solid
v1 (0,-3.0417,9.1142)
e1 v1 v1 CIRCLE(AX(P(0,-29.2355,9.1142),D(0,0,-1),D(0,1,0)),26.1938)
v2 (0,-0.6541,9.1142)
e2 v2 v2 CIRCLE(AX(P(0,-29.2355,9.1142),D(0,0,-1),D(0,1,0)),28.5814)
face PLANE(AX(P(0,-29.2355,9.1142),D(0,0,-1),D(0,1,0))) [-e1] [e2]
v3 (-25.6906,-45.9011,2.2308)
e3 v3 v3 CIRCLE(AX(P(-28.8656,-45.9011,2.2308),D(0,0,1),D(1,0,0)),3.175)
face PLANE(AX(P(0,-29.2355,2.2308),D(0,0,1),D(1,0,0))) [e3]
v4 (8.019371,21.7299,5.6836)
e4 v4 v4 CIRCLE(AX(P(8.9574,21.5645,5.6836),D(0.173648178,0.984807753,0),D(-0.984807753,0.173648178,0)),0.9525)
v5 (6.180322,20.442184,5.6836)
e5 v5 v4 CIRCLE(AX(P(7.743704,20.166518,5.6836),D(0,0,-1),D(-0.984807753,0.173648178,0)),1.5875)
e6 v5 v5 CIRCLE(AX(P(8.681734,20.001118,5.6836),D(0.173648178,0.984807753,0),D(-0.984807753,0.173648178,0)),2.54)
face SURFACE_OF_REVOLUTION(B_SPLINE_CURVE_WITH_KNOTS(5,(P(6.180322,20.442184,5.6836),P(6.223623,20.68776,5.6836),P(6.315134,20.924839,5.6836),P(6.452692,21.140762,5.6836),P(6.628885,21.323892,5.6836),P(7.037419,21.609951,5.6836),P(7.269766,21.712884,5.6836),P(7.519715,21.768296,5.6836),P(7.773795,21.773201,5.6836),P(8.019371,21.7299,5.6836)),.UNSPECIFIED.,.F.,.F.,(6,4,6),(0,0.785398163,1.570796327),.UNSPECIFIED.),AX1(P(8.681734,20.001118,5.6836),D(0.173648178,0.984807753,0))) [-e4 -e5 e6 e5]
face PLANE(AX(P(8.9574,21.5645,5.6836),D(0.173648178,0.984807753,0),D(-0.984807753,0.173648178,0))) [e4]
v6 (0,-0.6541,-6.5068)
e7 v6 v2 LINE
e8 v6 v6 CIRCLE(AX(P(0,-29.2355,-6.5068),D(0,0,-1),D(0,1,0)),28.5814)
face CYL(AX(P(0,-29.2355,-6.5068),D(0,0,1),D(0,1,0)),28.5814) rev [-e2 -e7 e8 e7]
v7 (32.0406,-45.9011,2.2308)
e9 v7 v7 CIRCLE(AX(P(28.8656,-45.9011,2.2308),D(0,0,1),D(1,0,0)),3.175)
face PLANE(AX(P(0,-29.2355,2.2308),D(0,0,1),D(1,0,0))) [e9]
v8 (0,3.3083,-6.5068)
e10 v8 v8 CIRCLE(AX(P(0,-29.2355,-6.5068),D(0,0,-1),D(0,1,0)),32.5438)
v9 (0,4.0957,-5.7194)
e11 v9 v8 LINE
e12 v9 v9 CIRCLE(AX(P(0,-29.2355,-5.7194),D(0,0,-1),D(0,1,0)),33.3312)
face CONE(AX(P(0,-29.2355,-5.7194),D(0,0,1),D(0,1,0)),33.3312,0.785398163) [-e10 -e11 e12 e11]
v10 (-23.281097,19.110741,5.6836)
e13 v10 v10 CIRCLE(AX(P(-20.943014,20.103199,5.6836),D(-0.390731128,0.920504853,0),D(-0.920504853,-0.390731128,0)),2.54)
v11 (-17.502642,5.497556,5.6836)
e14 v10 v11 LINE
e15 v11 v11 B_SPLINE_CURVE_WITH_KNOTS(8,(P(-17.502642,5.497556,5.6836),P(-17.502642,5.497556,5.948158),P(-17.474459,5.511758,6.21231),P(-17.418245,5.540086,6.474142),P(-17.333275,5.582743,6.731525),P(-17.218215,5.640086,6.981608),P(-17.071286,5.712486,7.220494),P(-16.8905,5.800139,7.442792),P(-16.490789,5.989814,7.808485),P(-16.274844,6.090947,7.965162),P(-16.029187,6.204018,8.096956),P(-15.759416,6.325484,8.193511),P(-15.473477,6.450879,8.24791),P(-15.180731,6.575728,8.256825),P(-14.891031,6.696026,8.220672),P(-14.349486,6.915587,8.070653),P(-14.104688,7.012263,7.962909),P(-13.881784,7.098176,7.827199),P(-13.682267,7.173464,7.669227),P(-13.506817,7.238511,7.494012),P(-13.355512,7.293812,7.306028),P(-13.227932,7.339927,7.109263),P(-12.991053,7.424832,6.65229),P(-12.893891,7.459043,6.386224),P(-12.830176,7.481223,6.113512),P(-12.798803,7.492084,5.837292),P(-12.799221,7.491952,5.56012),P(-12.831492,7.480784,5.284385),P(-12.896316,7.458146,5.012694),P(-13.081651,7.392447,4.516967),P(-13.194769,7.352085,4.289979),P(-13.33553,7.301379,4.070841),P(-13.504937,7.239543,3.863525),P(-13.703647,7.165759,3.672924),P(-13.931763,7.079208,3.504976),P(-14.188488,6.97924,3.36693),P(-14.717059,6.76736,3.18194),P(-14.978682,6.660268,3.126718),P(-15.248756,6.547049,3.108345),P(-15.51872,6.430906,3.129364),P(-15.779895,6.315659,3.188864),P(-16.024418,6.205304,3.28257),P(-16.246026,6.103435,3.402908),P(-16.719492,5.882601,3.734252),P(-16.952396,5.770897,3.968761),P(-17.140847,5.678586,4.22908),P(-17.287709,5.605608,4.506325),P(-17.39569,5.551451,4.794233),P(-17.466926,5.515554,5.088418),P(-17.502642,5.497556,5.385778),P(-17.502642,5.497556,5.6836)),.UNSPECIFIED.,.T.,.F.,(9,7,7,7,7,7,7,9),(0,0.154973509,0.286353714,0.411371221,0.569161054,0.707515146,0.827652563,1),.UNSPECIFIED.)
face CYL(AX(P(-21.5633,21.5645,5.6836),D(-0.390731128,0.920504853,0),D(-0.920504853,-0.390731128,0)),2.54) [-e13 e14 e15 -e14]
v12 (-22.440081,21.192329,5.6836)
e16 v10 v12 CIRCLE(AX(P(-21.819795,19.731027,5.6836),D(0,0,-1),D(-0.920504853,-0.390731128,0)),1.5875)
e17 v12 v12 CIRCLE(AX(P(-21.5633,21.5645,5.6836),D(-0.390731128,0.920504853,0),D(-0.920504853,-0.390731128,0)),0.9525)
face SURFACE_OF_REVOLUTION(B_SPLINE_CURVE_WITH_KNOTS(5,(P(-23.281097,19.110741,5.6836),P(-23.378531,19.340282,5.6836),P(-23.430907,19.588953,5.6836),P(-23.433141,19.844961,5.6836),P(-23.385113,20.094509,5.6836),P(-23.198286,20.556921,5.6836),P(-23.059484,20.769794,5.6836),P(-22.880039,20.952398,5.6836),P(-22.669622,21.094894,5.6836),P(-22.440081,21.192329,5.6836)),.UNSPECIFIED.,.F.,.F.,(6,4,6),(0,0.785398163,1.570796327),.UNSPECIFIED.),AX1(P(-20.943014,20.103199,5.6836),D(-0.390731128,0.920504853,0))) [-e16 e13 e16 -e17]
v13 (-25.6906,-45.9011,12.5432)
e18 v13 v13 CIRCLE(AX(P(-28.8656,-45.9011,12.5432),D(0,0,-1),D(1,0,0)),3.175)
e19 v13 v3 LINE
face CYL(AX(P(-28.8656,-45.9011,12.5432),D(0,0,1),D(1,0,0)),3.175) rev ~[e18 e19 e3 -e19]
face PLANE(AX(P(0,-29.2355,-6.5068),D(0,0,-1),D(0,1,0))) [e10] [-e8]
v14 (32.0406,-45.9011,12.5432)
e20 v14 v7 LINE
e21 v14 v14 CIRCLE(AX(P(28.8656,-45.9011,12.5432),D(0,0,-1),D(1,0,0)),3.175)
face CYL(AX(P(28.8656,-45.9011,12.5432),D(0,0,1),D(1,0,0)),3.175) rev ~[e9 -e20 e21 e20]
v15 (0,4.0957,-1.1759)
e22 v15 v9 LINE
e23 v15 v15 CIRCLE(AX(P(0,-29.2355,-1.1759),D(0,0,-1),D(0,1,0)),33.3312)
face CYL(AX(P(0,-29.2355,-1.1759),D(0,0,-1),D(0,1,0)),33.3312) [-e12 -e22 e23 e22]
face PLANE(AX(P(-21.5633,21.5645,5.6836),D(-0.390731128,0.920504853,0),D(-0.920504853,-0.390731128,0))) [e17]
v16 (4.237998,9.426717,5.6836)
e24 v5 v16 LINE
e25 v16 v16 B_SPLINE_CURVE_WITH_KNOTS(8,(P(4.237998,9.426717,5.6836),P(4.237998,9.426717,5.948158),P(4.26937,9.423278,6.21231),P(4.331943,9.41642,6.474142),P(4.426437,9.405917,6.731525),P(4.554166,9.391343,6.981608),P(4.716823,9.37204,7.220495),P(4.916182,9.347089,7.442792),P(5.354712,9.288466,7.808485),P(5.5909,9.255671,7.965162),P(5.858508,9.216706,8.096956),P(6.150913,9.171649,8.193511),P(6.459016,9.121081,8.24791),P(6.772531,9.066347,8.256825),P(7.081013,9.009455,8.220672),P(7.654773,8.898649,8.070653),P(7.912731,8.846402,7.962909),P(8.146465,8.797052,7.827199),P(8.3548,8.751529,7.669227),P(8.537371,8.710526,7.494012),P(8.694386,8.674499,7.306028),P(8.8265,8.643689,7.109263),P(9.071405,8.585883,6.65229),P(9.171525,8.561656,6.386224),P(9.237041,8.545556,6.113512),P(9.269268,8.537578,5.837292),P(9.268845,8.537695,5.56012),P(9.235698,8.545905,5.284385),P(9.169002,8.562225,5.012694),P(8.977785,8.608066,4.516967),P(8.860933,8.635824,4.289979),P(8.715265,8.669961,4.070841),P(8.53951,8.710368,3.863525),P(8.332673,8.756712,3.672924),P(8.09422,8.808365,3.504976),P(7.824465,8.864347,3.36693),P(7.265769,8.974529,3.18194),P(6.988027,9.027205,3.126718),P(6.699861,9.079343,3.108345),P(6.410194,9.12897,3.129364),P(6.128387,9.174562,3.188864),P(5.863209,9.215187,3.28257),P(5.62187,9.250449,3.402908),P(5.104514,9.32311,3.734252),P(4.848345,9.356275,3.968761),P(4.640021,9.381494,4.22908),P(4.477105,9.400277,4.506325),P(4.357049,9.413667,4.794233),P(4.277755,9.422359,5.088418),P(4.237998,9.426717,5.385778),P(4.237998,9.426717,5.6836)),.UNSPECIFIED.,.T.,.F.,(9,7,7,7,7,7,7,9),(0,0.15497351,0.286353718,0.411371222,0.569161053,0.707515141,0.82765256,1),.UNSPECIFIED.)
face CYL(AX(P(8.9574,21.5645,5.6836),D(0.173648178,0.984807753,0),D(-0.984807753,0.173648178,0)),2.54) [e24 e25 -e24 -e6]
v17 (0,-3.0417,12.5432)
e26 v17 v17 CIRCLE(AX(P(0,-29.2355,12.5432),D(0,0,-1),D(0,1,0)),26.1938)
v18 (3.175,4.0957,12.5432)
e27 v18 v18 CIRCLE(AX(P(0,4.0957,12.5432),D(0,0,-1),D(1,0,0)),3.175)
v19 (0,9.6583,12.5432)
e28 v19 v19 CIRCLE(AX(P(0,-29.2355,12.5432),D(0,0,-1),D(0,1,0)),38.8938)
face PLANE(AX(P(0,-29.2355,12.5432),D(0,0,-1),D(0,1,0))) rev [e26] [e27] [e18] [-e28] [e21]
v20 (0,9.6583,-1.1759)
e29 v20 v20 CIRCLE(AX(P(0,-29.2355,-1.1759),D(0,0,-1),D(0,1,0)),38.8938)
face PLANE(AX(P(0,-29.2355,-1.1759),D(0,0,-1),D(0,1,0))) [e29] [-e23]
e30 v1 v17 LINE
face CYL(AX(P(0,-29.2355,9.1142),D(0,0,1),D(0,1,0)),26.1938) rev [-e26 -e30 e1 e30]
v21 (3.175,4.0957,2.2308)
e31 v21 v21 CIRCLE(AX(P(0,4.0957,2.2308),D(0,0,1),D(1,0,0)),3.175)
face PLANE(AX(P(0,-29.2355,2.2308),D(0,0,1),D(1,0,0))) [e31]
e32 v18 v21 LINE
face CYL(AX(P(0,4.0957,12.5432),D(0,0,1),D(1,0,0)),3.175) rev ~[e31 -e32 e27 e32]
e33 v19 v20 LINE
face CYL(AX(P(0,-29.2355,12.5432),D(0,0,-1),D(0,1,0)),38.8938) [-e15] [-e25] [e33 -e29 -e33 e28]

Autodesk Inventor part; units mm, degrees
sketch "Sketch1" plane through (0, 0, 0) normal (1, 0, 0) x (0, 1, 0)
  line L0 (9.6583, 12.5432) -> (9.6583, -1.1759)
  line L1 (9.6583, -1.1759) -> (4.0957, -1.1759)
  line L2 (4.0957, -1.1759) -> (4.0957, -6.5068)
  line L3 (4.0957, -6.5068) -> (-0.6541, -6.5068)
  line L4 (-0.6541, -6.5068) -> (-0.6541, 9.1142)
  line L5 (-0.6541, 9.1142) -> (-3.0417, 9.1142)
  line L6 (-3.0417, 9.1142) -> (-3.0417, 12.5432)
  line L7 (-3.0417, 12.5432) -> (9.6583, 12.5432)
  line L8 (9.6583, 12.5432) -> (-29.2355, 12.5432) construction
  line L9 (-29.2355, 12.5432) -> (-29.2355, -33.1187) construction
  point P0 (0, 0)
  dimension "d0" = 12.7
  dimension "d1" = 19.05
  dimension "d2" = 5.5626
  dimension "d3" = 10.3124
  dimension "d4" = 3.429
  dimension "d5" = 38.8937
revolve "Revolution1" add sketch "Sketch1" angle 360 about axis through (0, -29.2355, 12.5432) along (0, 0, -1)
chamfer "Chamfer1" distance 0.7874 angle 45 1 edges at (0, -62.5666, -6.5068)
sketch "Sketch2" plane through (0, -29.2355, 12.5432) normal (0, 0, 1) x (1, 0, 0)
  circle A0 centre (0, 0) radius 38.8938 projected
  circle A1 centre (0, 0) radius 33.3312 projected
  circle A2 centre (0, 33.3312) radius 3.175
  circle A3 centre (-28.8656, -16.6656) radius 3.175
  circle A4 centre (28.8656, -16.6656) radius 3.175
  point P0 (0, 29.2355)
  dimension "d10" = 6.35
  dimension "d13" = 360
extrude "Extrusion1" cut sketch "Sketch2" against normal blind 10.3124 contours A2 A1 | A1 A2 | A4 A1 | A1 A4 | A3 A1 | A1 A3
ref_plane "Work Plane1" through (0, -29.2355, 5.6836) normal (0, 0, 1) x (1, 0, 0)
sketch "Sketch4" plane through (0, -29.2355, 5.6836) normal (0, 0, 1) x (1, 0, 0)
  line L0 (0, 0) -> (0, 62.7832) construction
  circle A0 centre (0, 0) radius 28.5814 projected
  line L1 (-11.1676, 26.3093) -> (-21.5633, 50.8)
  line L2 (4.9631, 28.1471) -> (8.9574, 50.8)
  point P0 (0, 29.2355)
  dimension "d21" = 23
  dimension "d22" = 10
  dimension "d23" = 50.8
  dimension "d24" = 50.8
ref_plane "Work Plane2" through (8.9574, 21.5645, 5.6836) normal (0.1736, 0.9848, 0) x (-0.9848, 0.1736, 0)
sketch "Sketch5" plane through (8.9574, 21.5645, 5.6836) normal (0.1736, 0.9848, 0) x (-0.9848, 0.1736, 0)
  circle A0 centre (0, 0) radius 2.54
  point P0 (5.0767, -5.6836)
  dimension "d25" = 5.08
extrude "Extrusion2" add sketch "Sketch5" against normal blind 20.6375
ref_plane "Work Plane3" through (-21.5633, 21.5645, 5.6836) normal (-0.3907, 0.9205, 0) x (-0.9205, -0.3907, 0)
sketch "Sketch7" plane through (-21.5633, 21.5645, 5.6836) normal (-0.3907, 0.9205, 0) x (-0.9205, -0.3907, 0)
  circle A0 centre (0, 0) radius 2.54
  point P0 (-11.4232, -5.6836)
  dimension "d28" = 5.08
extrude "Extrusion3" add sketch "Sketch7" against normal blind 20.6375
fillet "Fillet1" radius 1.5875 1 edges at (11.4588, 21.1235, 5.6836)
fillet "Fillet2" radius 1.5875 1 edges at (-19.2252, 22.557, 5.6836)
